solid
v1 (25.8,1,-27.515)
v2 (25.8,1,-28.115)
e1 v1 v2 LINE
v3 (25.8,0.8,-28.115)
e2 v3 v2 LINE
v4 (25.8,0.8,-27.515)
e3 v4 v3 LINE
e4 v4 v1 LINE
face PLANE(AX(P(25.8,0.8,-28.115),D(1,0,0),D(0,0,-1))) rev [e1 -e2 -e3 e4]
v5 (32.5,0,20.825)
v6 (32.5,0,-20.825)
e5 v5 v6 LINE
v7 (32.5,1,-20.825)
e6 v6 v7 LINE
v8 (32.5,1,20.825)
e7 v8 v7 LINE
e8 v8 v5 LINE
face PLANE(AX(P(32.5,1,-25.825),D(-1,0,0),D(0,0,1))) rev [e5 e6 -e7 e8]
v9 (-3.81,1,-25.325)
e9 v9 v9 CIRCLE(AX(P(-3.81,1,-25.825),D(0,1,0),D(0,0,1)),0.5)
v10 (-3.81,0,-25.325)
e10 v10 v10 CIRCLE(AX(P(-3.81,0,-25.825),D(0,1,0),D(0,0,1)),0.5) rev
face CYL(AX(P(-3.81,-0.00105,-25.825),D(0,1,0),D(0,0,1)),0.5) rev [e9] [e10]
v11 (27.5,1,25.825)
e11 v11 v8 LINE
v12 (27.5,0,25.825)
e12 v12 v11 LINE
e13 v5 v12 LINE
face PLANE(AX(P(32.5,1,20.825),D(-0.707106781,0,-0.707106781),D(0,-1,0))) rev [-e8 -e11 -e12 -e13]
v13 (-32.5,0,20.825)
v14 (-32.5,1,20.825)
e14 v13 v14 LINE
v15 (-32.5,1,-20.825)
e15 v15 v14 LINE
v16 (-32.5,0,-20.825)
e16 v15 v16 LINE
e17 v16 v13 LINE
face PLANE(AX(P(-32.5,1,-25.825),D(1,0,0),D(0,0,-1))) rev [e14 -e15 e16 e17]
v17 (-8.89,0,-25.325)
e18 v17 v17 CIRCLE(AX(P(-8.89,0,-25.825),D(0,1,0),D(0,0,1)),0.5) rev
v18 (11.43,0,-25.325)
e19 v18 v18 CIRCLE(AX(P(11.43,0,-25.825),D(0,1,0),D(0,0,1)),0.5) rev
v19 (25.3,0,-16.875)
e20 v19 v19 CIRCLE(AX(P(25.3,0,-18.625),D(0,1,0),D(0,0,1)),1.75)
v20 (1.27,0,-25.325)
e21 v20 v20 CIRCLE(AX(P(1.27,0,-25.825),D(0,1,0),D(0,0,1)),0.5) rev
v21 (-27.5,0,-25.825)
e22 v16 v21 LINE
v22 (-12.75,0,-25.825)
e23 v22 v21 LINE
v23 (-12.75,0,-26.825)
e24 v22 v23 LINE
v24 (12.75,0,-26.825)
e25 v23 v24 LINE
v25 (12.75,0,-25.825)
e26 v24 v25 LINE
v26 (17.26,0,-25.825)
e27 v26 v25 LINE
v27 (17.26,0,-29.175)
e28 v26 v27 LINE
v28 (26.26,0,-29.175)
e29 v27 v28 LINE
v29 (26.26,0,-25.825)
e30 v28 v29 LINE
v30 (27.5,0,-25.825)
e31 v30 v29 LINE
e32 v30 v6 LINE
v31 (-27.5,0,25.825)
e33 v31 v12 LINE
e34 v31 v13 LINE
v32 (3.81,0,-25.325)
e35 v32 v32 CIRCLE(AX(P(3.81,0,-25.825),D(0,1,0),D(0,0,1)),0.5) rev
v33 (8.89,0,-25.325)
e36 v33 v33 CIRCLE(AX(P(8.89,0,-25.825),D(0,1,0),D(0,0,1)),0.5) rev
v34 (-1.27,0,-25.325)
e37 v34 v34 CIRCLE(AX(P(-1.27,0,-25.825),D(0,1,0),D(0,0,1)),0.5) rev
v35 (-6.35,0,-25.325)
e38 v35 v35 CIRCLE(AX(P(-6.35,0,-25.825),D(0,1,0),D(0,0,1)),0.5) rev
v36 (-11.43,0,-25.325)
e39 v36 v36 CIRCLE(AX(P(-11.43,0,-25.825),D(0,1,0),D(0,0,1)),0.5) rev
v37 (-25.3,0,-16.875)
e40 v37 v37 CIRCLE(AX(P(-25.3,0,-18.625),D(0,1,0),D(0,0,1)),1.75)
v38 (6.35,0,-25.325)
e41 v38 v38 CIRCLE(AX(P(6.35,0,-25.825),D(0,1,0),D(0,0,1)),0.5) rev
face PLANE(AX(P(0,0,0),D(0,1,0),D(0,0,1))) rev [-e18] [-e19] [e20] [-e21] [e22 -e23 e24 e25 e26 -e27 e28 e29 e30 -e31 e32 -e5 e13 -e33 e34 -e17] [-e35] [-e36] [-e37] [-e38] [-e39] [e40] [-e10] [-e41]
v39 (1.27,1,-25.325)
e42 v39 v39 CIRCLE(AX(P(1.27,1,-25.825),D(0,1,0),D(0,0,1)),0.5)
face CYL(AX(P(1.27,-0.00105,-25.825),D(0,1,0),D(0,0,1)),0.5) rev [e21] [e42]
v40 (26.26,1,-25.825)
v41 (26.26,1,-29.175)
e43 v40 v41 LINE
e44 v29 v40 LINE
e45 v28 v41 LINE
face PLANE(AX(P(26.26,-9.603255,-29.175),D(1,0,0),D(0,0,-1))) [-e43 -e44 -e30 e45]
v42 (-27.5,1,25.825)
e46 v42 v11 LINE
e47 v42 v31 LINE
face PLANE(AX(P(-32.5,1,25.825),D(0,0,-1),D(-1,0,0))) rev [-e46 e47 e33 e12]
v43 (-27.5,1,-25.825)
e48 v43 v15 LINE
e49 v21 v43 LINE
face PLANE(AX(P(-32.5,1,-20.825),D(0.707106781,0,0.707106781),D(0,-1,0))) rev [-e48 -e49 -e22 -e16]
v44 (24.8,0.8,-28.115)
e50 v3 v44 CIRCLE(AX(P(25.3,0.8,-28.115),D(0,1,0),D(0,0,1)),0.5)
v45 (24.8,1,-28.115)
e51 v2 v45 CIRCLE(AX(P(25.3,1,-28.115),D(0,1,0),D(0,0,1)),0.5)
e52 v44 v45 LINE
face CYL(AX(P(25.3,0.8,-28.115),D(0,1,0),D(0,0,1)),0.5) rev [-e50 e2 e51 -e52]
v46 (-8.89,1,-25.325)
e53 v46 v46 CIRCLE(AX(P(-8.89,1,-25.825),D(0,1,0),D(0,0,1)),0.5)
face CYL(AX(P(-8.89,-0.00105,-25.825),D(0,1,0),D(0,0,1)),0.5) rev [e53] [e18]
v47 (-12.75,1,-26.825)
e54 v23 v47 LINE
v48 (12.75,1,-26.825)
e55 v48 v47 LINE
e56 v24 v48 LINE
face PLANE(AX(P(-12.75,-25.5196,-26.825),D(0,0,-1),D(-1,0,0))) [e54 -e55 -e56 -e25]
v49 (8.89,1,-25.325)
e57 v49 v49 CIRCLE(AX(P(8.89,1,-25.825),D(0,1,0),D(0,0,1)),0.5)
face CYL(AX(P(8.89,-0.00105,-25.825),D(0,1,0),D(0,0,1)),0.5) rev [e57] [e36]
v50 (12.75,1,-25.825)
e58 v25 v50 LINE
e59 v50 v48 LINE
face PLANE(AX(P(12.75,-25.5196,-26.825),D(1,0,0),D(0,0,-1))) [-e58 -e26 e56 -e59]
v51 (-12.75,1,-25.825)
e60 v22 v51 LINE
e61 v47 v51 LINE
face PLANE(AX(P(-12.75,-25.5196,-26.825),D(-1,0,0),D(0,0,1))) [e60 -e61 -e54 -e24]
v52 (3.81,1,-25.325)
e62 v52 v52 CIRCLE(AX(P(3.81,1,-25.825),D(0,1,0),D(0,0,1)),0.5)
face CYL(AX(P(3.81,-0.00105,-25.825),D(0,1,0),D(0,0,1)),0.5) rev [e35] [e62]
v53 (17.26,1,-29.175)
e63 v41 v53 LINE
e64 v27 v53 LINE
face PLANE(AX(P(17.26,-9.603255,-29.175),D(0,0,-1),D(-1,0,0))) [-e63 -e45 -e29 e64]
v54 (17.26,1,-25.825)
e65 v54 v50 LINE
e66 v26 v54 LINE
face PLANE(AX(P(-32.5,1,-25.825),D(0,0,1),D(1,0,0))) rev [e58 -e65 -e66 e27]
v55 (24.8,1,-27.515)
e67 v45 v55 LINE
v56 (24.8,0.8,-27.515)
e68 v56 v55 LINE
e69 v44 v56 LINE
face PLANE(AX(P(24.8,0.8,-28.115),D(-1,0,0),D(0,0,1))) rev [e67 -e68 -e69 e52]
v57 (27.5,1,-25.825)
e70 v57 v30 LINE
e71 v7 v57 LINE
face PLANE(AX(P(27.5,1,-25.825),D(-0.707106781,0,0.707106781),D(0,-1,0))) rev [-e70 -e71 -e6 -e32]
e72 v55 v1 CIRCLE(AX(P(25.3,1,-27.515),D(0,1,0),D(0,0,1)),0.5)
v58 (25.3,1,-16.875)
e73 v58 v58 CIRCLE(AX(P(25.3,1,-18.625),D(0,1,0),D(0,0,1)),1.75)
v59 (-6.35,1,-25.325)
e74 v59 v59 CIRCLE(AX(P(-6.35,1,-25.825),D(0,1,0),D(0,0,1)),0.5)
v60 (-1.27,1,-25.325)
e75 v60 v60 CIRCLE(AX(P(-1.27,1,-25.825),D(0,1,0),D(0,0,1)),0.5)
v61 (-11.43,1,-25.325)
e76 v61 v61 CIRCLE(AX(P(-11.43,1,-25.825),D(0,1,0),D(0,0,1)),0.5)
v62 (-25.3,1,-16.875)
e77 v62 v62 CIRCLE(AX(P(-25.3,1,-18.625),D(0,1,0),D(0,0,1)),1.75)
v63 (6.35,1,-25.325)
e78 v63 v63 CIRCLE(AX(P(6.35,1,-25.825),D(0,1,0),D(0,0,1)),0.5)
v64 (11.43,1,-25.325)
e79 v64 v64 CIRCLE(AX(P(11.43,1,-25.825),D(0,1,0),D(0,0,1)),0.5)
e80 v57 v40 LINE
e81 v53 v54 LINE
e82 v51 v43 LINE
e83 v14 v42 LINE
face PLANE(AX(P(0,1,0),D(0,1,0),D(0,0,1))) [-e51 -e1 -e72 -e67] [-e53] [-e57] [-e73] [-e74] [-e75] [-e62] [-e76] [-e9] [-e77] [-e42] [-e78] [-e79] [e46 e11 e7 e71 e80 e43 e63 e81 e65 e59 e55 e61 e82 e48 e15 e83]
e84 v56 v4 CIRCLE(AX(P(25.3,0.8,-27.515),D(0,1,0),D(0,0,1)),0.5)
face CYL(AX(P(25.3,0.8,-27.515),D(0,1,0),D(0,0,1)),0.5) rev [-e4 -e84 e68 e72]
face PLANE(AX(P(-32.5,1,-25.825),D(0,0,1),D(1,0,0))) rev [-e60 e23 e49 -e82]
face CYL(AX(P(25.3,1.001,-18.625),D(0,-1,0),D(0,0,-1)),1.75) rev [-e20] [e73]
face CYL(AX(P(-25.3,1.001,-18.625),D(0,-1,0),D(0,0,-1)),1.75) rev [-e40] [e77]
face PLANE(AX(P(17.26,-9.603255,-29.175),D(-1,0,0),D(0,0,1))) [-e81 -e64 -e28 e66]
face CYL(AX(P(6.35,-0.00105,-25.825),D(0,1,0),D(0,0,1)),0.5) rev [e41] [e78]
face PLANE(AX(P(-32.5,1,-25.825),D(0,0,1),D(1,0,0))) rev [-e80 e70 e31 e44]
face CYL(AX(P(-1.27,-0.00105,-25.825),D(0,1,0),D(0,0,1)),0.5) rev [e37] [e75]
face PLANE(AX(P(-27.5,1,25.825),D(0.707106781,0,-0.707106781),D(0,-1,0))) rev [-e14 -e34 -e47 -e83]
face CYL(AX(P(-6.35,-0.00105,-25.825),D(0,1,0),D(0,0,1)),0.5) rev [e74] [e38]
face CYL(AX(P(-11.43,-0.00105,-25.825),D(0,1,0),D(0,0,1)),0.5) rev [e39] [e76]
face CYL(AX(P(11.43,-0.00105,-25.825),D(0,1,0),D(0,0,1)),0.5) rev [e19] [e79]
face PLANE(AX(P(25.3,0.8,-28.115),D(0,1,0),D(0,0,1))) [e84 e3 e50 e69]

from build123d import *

# Parameters (mm, degrees)
SKETCH1_W           = 65
SKETCH1_H           = 51.65
BOSS_EXTRUDE1_DEPTH = 1
CHAMFER1_SIZE       = 5
CUT_EXTRUDE2_REACH  = 43.523
SKETCH2_R           = 1.75
SKETCH3_W           = 25.5
SKETCH3_H           = 1
BOSS_EXTRUDE3_DEPTH = 1
CUT_EXTRUDE3_REACH  = 44.152
SKETCH4_R           = 0.5
LPATTERN1_COUNT     = 6
LPATTERN1_PITCH     = 2.54
LPATTERN1_COL_COUNT = 5
LPATTERN1_COL_PITCH = 2.54
SKETCH5_W           = 9
SKETCH5_H           = 3.35
BOSS_EXTRUDE4_DEPTH = 1
CUT_EXTRUDE4_DEPTH  = 0.2


with BuildPart() as part:
    # Sketch1 → Boss-Extrude1 (new body)
    with BuildSketch(Plane(origin=(0, 0, 0), x_dir=(1, 0, 0), z_dir=(0, 1, 0))):
        Rectangle(SKETCH1_W, SKETCH1_H)
    extrude(amount=BOSS_EXTRUDE1_DEPTH)

    # Chamfer1
    chamfer1_edges = [part.edges().sort_by_distance(p)[0] for p in [
        (-32.5, 0.5, -25.825),
        (32.5, 0.5, -25.825),
        (32.5, 0.5, 25.825),
        (-32.5, 0.5, 25.825),
    ]]
    chamfer(chamfer1_edges, length=CHAMFER1_SIZE)

    # Sketch2 → Cut-Extrude2 (cut, up to next)
    with BuildSketch(Plane(origin=(0, 0, 0), x_dir=(1, 0, 0), z_dir=(0, 1, 0)), mode=Mode.PRIVATE) as cut_extrude2_sk1:
        with Locations(Location((-25.3, 18.625, 0), (0, 0, 270))):
            Circle(SKETCH2_R)
    cut_extrude2_tool1 = extrude(cut_extrude2_sk1.sketch, amount=CUT_EXTRUDE2_REACH, mode=Mode.PRIVATE) & part.part
    # Sketch2 → Cut-Extrude2 (cut, up to next)
    with BuildSketch(Plane(origin=(0, 0, 0), x_dir=(1, 0, 0), z_dir=(0, 1, 0)), mode=Mode.PRIVATE) as cut_extrude2_sk2:
        with Locations(Location((25.3, 18.625, 0), (0, 0, 270))):
            Circle(SKETCH2_R)
    cut_extrude2_tool2 = extrude(cut_extrude2_sk2.sketch, amount=CUT_EXTRUDE2_REACH, mode=Mode.PRIVATE) & part.part
    add(cut_extrude2_tool1.solids().sort_by_distance((-25.3, 0, -18.625))[0], mode=Mode.SUBTRACT)
    add(cut_extrude2_tool2.solids().sort_by_distance((25.3, 0, -18.625))[0], mode=Mode.SUBTRACT)

    # Sketch3 → Boss-Extrude3 (add)
    with BuildSketch(Plane(origin=(0, 1, 0), x_dir=(1, 0, 0), z_dir=(0, 1, 0))):
        with Locations((0, 26.325)):
            Rectangle(SKETCH3_W, SKETCH3_H)
    extrude(amount=-BOSS_EXTRUDE3_DEPTH)

    # Sketch4 → Cut-Extrude3 (cut, up to next)
    with BuildSketch(Plane(origin=(0, 1, 0), x_dir=(1, 0, 0), z_dir=(0, 1, 0)), mode=Mode.PRIVATE) as cut_extrude3_sk1:
        with Locations(Location((-1.27, 25.825, 0), (0, 0, 270))):
            Circle(SKETCH4_R)
    cut_extrude3_tool1 = extrude(cut_extrude3_sk1.sketch, amount=-CUT_EXTRUDE3_REACH, mode=Mode.PRIVATE) & part.part
    cut_extrude3 = cut_extrude3_tool1.solids().sort_by_distance((-1.27, 1, -25.825))[0]
    add(cut_extrude3, mode=Mode.SUBTRACT)

    # LPattern1: Cut-Extrude3 ×6
    with Locations(*[(i * LPATTERN1_PITCH, 0, 0) for i in range(1, LPATTERN1_COUNT)]):
        add(cut_extrude3, mode=Mode.SUBTRACT)

    # LPattern1 col: Cut-Extrude3 ×5
    with Locations(*[(-i * LPATTERN1_COL_PITCH, 0, 0) for i in range(1, LPATTERN1_COL_COUNT)]):
        add(cut_extrude3, mode=Mode.SUBTRACT)

    # Sketch5 → Boss-Extrude4 (add)
    with BuildSketch(Plane(origin=(0, 1, 0), x_dir=(1, 0, 0), z_dir=(0, 1, 0))):
        with Locations((21.76, 27.5)):
            Rectangle(SKETCH5_W, SKETCH5_H)
    extrude(amount=-BOSS_EXTRUDE4_DEPTH)

    # Sketch6 → Cut-Extrude4 (cut)
    with BuildSketch(Plane(origin=(0, 1, 0), x_dir=(1, 0, 0), z_dir=(0, 1, 0))):
        with BuildLine():
            Line((25.8, 28.115), (25.8, 27.515))
            ThreePointArc((25.8, 27.515), (25.3, 27.015), (24.8, 27.515))
            Line((24.8, 27.515), (24.8, 28.115))
            ThreePointArc((24.8, 28.115), (25.3, 28.615), (25.8, 28.115))
        make_face()
    extrude(amount=-CUT_EXTRUDE4_DEPTH, mode=Mode.SUBTRACT)


solid = part.part
